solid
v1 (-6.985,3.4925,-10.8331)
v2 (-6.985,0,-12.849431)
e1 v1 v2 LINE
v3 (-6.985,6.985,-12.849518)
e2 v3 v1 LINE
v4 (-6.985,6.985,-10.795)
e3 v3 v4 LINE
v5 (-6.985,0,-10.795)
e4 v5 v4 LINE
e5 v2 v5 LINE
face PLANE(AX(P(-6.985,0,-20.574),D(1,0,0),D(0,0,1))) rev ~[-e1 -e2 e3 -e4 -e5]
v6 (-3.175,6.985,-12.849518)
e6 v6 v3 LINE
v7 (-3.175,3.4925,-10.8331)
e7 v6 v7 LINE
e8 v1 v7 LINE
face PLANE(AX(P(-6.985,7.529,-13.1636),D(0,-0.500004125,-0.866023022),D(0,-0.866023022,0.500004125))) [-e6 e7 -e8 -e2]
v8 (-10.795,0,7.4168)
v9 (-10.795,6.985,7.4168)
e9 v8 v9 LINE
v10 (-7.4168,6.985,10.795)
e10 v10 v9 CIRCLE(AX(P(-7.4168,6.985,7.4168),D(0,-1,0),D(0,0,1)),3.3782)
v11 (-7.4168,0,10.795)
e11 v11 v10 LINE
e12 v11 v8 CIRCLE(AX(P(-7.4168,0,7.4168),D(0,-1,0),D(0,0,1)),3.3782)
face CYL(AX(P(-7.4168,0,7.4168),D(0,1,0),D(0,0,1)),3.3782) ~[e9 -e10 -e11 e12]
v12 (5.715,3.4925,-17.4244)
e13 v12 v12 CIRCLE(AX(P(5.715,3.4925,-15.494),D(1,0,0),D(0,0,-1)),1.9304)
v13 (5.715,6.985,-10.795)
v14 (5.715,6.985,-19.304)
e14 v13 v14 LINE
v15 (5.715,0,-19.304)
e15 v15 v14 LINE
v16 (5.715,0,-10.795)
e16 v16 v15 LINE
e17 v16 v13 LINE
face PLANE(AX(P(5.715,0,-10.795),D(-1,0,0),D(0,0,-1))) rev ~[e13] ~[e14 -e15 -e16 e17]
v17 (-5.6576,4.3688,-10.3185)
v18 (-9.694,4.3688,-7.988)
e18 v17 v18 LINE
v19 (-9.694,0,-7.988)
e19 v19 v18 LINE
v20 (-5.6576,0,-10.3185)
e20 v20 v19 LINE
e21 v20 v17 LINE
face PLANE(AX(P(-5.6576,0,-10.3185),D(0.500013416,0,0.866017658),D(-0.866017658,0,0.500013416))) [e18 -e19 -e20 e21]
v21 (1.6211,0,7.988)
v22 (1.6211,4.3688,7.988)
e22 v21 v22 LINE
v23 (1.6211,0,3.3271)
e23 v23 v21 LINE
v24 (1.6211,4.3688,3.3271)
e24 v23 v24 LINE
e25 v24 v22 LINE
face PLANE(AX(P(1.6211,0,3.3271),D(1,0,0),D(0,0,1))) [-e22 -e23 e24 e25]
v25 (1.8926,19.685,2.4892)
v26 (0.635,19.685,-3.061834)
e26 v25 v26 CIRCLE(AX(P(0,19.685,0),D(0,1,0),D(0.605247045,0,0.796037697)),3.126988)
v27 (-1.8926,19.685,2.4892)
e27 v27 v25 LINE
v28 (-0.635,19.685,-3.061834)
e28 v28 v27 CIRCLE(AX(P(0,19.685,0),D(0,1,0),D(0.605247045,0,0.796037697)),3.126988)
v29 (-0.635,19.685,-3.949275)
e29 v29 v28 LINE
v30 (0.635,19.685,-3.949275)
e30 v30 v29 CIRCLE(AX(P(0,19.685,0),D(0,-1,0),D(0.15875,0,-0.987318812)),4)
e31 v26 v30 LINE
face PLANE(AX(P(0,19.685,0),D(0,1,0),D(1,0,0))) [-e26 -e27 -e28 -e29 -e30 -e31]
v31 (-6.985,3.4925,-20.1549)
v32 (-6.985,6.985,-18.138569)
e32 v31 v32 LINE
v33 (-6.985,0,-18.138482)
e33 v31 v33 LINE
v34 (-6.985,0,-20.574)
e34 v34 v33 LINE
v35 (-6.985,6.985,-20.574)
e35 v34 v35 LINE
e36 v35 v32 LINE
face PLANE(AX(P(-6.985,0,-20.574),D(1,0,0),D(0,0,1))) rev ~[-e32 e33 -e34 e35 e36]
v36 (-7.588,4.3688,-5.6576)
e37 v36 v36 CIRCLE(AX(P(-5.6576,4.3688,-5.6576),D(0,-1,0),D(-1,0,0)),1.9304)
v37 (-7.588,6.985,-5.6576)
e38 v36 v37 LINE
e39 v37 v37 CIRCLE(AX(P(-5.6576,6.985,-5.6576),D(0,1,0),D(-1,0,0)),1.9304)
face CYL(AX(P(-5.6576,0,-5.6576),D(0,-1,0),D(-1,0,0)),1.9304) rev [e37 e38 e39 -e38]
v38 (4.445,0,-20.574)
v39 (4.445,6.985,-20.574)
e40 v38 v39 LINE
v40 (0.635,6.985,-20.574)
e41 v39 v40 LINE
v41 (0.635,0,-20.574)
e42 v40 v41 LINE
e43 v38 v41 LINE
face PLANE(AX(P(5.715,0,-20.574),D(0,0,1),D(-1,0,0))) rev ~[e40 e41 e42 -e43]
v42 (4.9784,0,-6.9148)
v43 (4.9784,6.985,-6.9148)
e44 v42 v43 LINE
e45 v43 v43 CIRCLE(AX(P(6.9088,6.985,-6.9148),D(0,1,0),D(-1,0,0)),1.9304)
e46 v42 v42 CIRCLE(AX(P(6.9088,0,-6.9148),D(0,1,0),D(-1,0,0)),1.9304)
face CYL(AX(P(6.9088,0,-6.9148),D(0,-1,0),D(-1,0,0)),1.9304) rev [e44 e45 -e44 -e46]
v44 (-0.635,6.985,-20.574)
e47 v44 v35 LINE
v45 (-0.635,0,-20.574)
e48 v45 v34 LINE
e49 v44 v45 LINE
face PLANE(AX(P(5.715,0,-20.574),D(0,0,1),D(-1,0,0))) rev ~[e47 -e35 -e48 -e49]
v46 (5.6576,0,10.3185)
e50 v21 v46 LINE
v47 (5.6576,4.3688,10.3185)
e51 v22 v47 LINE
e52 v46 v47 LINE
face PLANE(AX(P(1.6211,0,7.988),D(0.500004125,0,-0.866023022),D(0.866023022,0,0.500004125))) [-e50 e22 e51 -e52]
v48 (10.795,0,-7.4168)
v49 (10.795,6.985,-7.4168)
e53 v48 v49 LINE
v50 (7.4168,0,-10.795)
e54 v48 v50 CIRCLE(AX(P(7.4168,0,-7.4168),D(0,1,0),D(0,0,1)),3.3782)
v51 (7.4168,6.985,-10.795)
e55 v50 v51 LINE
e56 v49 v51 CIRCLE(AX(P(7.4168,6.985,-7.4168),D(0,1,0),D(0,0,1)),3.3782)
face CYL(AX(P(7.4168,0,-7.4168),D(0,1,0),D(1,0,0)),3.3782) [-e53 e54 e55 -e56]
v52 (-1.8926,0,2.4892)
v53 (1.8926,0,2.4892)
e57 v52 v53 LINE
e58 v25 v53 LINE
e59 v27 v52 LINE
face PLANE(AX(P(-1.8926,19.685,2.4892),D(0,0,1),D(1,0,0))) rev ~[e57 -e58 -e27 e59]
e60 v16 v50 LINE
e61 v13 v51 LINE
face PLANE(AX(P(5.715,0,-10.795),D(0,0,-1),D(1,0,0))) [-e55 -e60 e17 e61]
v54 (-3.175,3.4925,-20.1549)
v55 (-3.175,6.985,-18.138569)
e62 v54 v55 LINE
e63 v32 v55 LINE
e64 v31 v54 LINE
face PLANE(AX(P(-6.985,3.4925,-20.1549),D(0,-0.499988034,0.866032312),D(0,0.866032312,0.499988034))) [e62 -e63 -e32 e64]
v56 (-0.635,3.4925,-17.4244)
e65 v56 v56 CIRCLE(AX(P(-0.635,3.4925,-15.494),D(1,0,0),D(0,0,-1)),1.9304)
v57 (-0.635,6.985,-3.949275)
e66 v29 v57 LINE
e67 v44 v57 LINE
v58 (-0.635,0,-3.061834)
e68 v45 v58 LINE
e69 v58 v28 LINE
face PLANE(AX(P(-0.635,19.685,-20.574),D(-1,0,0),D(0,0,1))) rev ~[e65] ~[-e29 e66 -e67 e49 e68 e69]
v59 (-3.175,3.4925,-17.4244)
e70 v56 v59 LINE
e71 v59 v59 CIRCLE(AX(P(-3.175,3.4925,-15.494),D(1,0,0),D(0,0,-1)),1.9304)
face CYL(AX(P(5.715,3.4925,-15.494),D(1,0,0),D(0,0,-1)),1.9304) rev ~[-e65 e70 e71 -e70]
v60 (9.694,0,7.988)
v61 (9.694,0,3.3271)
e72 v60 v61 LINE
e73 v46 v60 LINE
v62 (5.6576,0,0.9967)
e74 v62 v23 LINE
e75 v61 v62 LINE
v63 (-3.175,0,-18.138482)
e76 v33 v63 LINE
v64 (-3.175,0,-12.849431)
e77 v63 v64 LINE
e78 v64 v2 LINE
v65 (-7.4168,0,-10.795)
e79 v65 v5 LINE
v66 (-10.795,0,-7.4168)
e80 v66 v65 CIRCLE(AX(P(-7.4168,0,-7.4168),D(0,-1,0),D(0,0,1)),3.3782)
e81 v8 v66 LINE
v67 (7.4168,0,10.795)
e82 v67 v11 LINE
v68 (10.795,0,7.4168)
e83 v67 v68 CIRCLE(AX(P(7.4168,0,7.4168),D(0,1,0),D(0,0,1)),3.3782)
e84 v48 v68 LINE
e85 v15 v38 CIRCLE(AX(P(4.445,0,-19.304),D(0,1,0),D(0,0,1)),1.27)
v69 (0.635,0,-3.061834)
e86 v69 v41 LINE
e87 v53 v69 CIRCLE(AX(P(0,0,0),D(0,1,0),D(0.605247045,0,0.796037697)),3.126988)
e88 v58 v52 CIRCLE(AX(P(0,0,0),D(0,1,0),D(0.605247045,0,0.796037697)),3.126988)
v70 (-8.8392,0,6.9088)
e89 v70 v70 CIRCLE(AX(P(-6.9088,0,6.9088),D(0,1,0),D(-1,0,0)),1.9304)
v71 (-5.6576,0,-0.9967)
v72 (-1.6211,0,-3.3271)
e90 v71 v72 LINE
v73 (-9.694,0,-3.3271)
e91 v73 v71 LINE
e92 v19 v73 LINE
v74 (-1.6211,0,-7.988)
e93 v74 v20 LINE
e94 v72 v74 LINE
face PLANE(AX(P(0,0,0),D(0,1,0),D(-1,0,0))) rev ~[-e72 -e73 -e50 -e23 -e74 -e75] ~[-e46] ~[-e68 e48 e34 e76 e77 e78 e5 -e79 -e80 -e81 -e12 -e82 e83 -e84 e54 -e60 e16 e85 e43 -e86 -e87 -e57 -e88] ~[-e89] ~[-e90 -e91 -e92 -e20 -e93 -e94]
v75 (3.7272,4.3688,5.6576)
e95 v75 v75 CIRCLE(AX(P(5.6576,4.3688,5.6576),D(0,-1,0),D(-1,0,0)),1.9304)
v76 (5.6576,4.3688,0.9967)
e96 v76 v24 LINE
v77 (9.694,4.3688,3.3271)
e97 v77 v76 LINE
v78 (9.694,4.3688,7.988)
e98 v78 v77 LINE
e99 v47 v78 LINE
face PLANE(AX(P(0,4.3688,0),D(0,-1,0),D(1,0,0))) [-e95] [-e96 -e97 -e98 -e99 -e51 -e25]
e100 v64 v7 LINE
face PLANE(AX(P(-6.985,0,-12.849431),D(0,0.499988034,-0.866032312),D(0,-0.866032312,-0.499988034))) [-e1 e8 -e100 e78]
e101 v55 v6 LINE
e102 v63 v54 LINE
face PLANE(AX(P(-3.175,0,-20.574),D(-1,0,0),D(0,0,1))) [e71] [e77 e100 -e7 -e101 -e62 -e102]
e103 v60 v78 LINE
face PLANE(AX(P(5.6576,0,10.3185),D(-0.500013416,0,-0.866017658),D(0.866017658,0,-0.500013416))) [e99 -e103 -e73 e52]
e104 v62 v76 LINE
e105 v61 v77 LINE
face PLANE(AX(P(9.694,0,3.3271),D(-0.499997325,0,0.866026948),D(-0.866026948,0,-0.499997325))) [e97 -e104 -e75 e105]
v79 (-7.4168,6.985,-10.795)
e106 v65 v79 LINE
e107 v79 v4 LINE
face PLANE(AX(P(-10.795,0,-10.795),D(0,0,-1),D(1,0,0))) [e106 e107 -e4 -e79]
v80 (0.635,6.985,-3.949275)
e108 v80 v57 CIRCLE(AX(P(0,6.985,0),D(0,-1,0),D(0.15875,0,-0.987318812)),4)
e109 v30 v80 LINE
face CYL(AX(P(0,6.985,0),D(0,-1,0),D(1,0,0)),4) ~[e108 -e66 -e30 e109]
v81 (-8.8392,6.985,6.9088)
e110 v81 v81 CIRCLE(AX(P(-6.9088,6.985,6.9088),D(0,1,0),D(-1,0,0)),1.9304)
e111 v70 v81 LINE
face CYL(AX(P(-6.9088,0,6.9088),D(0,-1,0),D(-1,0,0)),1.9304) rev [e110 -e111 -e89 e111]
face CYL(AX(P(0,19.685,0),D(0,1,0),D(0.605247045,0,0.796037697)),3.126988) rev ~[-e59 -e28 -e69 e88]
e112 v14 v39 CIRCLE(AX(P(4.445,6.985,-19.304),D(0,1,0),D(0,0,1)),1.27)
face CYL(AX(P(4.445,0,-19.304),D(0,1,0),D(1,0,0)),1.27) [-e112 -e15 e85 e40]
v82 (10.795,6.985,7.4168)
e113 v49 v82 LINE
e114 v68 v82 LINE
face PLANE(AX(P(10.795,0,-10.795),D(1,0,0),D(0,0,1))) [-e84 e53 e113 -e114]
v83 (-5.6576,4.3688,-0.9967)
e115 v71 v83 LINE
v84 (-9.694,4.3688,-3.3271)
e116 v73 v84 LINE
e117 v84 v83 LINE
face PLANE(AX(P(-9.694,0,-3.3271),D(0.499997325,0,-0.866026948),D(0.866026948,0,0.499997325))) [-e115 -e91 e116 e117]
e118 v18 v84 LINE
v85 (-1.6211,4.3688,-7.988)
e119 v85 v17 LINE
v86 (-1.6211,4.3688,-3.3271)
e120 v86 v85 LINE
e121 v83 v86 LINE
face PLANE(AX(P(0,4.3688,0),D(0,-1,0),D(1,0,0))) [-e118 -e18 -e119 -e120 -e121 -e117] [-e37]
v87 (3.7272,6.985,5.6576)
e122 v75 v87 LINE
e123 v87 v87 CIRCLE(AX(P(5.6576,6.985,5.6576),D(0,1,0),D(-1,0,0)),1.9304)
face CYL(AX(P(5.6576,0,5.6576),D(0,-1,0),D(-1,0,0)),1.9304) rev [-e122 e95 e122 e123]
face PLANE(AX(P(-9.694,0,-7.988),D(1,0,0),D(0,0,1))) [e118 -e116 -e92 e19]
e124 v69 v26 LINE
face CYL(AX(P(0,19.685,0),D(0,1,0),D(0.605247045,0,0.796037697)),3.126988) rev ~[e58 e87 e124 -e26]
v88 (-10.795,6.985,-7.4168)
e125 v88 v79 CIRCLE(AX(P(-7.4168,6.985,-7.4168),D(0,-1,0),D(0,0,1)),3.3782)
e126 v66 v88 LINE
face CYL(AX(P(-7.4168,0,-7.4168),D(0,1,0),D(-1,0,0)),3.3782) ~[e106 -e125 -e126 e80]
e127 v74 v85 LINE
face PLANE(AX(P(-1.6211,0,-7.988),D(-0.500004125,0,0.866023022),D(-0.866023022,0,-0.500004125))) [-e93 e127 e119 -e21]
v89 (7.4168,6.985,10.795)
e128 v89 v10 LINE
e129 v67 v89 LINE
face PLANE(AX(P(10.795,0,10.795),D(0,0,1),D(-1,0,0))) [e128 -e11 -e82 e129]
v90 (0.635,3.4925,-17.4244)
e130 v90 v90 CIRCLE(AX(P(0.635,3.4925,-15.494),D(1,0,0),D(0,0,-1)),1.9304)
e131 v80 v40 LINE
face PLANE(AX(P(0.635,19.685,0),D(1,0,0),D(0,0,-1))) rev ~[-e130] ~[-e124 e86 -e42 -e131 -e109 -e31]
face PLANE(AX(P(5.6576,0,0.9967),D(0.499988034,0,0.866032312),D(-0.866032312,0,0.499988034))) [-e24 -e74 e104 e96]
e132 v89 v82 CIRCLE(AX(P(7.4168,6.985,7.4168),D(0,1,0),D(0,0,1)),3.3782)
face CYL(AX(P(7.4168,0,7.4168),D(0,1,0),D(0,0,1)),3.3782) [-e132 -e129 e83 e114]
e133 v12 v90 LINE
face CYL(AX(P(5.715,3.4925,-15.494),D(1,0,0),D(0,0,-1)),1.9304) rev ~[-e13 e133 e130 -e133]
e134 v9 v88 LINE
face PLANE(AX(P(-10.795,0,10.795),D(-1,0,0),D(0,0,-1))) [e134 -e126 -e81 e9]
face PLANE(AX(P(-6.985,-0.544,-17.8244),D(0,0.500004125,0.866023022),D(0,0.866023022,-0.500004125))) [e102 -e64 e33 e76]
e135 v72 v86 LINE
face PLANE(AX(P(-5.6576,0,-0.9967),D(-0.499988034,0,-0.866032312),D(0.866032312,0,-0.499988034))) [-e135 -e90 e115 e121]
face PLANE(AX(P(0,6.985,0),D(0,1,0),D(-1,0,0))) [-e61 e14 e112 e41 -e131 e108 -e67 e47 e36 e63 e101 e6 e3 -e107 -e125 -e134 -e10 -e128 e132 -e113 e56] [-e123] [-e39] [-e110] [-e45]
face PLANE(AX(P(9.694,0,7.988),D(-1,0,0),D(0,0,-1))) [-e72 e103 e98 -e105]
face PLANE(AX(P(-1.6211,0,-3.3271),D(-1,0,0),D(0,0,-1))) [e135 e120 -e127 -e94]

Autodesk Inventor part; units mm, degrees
ref_plane "YZ Plane" through (0, 0, 0) normal (1, 0, 0) x (0, 1, 0)
ref_plane "XZ Plane" through (0, 0, 0) normal (0, 1, 0) x (-1, 0, 0)
ref_plane "XY Plane" through (0, 0, 0) normal (0, 0, 1) x (1, 0, 0)
sketch "Sketch1" plane through (0, 0, 0) normal (0, 1, 0) x (-1, 0, 0)
  line L0 (-10.795, 10.795) -> (10.795, 10.795)
  line L1 (10.795, 10.795) -> (10.795, -10.795)
  line L2 (-10.795, -10.795) -> (-10.795, 10.795)
  circle A0 centre (5.6576, -5.6576) radius 1.9304
  circle A1 centre (6.9088, 6.9088) radius 1.9304
  circle A2 centre (-5.6576, 5.6576) radius 1.9304
  circle A3 centre (-6.9088, -6.9148) radius 1.9304
  line L3 (-5.715, -10.795) -> (-5.715, -20.574)
  line L4 (-5.715, -20.574) -> (6.985, -20.574)
  line L5 (6.985, -20.574) -> (6.985, -10.795)
  line L6 (10.795, -10.795) -> (6.985, -10.795)
  line L7 (-5.715, -10.795) -> (-10.795, -10.795)
  point P0 (0, 0)
  dimension "d2" = 10.795
  dimension "d3" = 10.795
  dimension "d4" = 3.8608
  dimension "d5" = 5.6576
  dimension "d6" = 5.6576
  dimension "d7" = 3.8608
  dimension "d8" = 6.9088
  dimension "d9" = 6.9088
  dimension "d10" = 3.8608
  dimension "d11" = 5.6576
  dimension "d12" = 5.6576
  dimension "d13" = 3.8608
  dimension "d14" = 12.7
  dimension "d16" = 6.985
  dimension "d45" = 10.795
  dimension "d46" = 10.795
  dimension "d47" = 10.795
extrude "Extrusion1" add sketch "Sketch1" along normal blind 6.985
sketch "Sketch2" plane through (-6.985, 0, -20.574) normal (-1, 0, 0) x (0, 0, 1)
  circle A0 centre (5.08, 3.4925) radius 4.6609 construction
  line L0 (9.779, 0) -> (0, 0) projected
  line L1 (0, 0) -> (0, 6.985) projected
  line L2 (9.7409, 3.4925) -> (7.4105, -0.544)
  line L3 (7.4105, -0.544) -> (2.7496, -0.544)
  line L4 (2.7496, -0.544) -> (0.4191, 3.4925)
  line L5 (0.4191, 3.4925) -> (2.7495, 7.529)
  line L6 (2.7495, 7.529) -> (7.4104, 7.529)
  line L7 (7.4104, 7.529) -> (9.7409, 3.4925)
  point P0 (20.574, 0)
  dimension "d19" = 9.3218
  dimension "d20" = 3.4925
  dimension "d21" = 5.08
extrude "Extrusion2" cut sketch "Sketch2" against normal blind 3.81
sketch "Sketch3" plane through (5.715, 0, -10.795) normal (1, 0, 0) x (0, 0, -1)
  circle A0 centre (4.699, 3.4925) radius 1.9304
  line L0 (9.779, 0) -> (9.779, 6.985) projected
  line L1 (0, 6.985) -> (9.779, 6.985) projected
  point P0 (-10.795, 0)
  dimension "d24" = 3.8608
  dimension "d25" = 5.08
  dimension "d26" = 3.4925
extrude "Extrusion3" cut sketch "Sketch3" against normal through all
sketch "Sketch4" plane through (0, 6.985, 0) normal (0, 1, 0) x (1, 0, 0)
  circle A0 centre (0, 0) radius 4
  dimension "d29" = 8
extrude "Extrusion4" add sketch "Sketch4" along normal blind 12.7
sketch "Sketch5" plane through (0, 19.685, 0) normal (0, 1, 0) x (1, 0, 0)
  arc A0 (1.8926, -2.4892) -> (-1.8926, -2.4892) centre (0, 0) ccw
  line L0 (-1.8926, -2.4892) -> (1.8926, -2.4892)
  dimension "d32" = 6.254
  dimension "d33" = 2.4892
fillet "Fillet1" radius 3.3782 4 edges at (10.795, 3.4925, 10.795) (10.795, 3.4925, -10.795) (-10.795, 3.4925, 10.795) (-10.795, 3.4925, -10.795)
extrude "Extrusion5" cut sketch "Sketch5" against normal through all
sketch "Sketch6" plane through (0, 19.685, 0) normal (0, 1, 0) x (1, 0, 0)
  line L0 (-6.985, 20.574) -> (5.715, 20.574) projected
  line L1 (0.635, 0) -> (0.635, 20.574)
  line L2 (0.635, 20.574) -> (-0.635, 20.574)
  line L3 (-0.635, 20.574) -> (-0.635, 0)
  line L4 (-0.635, -20.574) -> (0.635, 20.574) construction
  line L5 (0.635, -20.574) -> (-0.635, 20.574) construction
  line L6 (-0.635, 0) -> (0.635, 0)
  point P0 (0, 0)
  dimension "d37" = 1.27
extrude "Extrusion6" cut sketch "Sketch6" against normal through all
sketch "Sketch7" plane through (0, 0, 0) normal (0, -1, 0) x (1, 0, 0)
  circle A0 centre (-5.6576, -5.6576) radius 1.9304 projected
  circle A1 centre (-5.6576, -5.6576) radius 4.6609 construction
  circle A2 centre (5.6576, 5.6576) radius 1.9304 projected
  circle A3 centre (5.6576, 5.6576) radius 4.6609 construction
  line L0 (-5.6576, -0.9967) -> (-1.6211, -3.3271)
  line L1 (-1.6211, -3.3271) -> (-1.6211, -7.988)
  line L2 (-1.6211, -7.988) -> (-5.6576, -10.3185)
  line L3 (-5.6576, -10.3185) -> (-9.694, -7.988)
  line L4 (-9.694, -7.988) -> (-9.694, -3.3271)
  line L5 (-9.694, -3.3271) -> (-5.6576, -0.9967)
  line L6 (5.6576, 0.9967) -> (1.6211, 3.3271)
  line L7 (1.6211, 3.3271) -> (1.6211, 7.988)
  line L8 (1.6211, 7.988) -> (5.6576, 10.3185)
  line L9 (5.6576, 10.3185) -> (9.694, 7.988)
  line L10 (9.694, 7.988) -> (9.694, 3.3271)
  line L11 (9.694, 3.3271) -> (5.6576, 0.9967)
  point P0 (0, 0)
  dimension "d40" = 9.3218
  dimension "d41" = 9.3218
extrude "Extrusion7" cut sketch "Sketch7" against normal blind 4.3688
fillet "Fillet2" radius 1.27 1 edges at (5.715, 3.4925, -20.574)
properties part number "clamping hub 6mm D"
